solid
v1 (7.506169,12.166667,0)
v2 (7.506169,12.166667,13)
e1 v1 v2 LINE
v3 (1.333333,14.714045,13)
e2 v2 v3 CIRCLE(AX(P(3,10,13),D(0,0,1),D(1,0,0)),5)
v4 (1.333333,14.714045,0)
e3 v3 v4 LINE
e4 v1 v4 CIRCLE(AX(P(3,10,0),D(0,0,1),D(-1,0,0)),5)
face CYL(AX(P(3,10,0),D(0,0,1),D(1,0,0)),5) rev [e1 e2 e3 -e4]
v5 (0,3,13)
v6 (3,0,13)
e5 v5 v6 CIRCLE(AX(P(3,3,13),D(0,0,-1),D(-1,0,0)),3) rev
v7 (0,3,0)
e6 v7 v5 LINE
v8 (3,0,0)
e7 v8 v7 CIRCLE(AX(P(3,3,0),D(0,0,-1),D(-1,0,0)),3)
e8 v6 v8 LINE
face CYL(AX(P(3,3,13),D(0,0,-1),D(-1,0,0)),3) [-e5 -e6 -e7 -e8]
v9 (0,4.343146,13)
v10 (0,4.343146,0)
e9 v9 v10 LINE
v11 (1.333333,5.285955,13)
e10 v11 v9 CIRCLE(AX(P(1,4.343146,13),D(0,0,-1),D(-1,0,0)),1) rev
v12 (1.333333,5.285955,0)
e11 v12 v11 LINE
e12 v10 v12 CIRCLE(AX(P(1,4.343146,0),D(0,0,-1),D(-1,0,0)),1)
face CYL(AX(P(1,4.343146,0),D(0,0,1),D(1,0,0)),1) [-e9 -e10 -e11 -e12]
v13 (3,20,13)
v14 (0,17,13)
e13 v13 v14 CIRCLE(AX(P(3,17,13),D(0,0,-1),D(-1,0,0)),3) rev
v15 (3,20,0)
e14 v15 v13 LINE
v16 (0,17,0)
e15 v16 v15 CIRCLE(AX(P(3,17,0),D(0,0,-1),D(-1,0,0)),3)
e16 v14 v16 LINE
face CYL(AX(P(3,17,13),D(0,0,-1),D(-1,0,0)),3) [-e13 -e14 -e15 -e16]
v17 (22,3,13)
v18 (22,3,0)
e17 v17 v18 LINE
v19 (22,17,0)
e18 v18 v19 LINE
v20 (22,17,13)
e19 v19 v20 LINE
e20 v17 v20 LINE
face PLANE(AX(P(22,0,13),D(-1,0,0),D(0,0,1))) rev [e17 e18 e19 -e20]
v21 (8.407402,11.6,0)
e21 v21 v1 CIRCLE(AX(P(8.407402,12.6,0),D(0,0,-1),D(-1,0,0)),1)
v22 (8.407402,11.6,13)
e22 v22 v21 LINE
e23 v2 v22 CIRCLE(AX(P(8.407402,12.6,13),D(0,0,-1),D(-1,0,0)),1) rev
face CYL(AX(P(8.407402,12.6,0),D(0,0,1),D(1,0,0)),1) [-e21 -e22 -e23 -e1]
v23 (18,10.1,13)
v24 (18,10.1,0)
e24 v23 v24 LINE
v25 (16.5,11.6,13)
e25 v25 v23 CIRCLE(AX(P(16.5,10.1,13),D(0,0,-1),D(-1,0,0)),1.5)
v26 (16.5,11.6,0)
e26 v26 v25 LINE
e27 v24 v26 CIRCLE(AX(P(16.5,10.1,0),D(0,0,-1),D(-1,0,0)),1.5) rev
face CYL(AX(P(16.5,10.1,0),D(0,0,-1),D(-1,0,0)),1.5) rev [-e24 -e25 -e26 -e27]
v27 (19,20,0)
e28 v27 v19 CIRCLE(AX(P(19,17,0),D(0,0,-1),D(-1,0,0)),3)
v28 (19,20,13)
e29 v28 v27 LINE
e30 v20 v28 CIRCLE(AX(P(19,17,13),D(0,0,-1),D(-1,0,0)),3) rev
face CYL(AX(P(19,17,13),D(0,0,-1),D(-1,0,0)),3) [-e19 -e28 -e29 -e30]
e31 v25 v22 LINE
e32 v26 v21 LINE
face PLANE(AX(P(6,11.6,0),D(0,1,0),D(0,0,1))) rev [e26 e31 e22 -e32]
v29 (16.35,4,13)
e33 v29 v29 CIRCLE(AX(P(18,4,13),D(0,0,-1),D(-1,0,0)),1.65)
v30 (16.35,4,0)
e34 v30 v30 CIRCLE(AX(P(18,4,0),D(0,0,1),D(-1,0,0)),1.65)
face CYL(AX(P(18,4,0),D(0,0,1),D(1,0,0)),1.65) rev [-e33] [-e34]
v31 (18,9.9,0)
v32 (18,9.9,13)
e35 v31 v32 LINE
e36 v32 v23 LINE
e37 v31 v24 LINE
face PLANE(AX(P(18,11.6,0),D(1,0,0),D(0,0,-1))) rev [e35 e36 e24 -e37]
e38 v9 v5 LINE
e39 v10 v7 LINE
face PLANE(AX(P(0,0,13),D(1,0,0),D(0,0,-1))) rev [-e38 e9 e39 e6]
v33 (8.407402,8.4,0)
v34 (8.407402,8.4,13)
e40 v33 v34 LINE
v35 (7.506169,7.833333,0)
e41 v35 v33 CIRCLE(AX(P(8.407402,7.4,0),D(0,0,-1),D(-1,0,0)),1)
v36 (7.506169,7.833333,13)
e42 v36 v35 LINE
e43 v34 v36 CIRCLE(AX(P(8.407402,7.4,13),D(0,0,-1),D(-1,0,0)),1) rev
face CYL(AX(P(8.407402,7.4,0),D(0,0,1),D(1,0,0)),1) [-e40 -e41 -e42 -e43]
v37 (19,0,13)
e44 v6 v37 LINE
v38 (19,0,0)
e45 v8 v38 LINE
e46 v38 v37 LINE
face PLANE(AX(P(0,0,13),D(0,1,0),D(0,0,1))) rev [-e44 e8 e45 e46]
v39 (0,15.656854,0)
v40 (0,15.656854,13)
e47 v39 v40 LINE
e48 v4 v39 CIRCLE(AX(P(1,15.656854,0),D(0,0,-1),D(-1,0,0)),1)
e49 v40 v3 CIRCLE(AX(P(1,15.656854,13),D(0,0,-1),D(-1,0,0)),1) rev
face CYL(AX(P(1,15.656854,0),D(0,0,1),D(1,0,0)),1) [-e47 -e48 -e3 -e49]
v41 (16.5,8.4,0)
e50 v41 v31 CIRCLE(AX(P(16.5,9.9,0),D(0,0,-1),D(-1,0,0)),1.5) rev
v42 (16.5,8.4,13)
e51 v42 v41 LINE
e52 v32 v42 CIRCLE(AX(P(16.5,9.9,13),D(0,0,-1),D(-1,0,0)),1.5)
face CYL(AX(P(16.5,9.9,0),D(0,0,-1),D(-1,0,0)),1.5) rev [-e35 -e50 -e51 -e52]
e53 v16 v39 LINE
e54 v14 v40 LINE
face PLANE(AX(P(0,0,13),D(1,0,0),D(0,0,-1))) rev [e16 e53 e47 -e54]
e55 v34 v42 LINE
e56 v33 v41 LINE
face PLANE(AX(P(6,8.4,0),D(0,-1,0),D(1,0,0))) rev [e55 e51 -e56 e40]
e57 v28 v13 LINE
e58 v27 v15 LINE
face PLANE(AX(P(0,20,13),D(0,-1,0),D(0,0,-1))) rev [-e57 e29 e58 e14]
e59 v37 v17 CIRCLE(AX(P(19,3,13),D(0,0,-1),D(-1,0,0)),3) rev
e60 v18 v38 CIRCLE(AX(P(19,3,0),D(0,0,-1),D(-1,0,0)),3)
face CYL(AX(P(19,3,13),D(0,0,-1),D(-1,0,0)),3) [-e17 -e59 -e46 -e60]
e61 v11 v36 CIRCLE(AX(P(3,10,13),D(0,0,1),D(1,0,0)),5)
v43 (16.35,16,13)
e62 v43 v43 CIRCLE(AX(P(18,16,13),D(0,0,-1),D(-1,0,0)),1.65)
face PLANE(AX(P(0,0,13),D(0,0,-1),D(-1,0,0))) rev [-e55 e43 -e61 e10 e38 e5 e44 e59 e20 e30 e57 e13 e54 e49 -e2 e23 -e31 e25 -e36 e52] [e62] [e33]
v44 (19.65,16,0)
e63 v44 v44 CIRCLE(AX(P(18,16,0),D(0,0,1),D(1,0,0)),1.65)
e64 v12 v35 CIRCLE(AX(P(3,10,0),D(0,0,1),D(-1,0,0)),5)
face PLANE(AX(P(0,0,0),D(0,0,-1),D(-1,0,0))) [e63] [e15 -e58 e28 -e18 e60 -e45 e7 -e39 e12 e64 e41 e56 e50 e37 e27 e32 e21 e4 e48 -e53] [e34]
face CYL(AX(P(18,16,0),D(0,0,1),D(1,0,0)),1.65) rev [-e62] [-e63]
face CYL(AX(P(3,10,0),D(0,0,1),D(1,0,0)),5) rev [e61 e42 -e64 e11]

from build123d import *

# Parameters (mm, degrees)
ESQUISSE1_W                  = 22
ESQUISSE1_H                  = 20
BOSS_EXTRU_1_DEPTH           = 13
ESQUISSE2_R                  = 1.65
ENL_V_MAT_EXTRU_1_DEPTH      = 1
ENL_V_MAT_EXTRU_1_DEPTH_BACK = 14
ESQUISSE4_W                  = 12
ESQUISSE4_H                  = 3.2
ENL_V_MAT_EXTRU_2_DEPTH      = 13
CONG_1_R                     = 1
CONG_2_R                     = 3
CONG_3_R                     = 1.5


with BuildPart() as part:
    # Esquisse1 → Boss.-Extru.1 (new body)
    with BuildSketch(Plane.XY):
        with Locations((11, 10)):
            Rectangle(ESQUISSE1_W, ESQUISSE1_H)
    extrude(amount=BOSS_EXTRU_1_DEPTH)

    # Esquisse2 → Enlèv. mat.-Extru.1 (cut, two sides)
    with BuildSketch(Plane.XY.offset(13)) as enl_v_mat_extru_1_sk:
        with Locations((18, 16)):
            Circle(ESQUISSE2_R)
        with Locations((18, 4)):
            Circle(ESQUISSE2_R)
        with BuildLine():
            Line((0, 6), (0, 14))
            ThreePointArc((0, 14), (8, 10), (0, 6))
        make_face()
    extrude(amount=ENL_V_MAT_EXTRU_1_DEPTH, mode=Mode.SUBTRACT)
    extrude(enl_v_mat_extru_1_sk.sketch, amount=-ENL_V_MAT_EXTRU_1_DEPTH_BACK, mode=Mode.SUBTRACT)

    # Esquisse4 → Enlèv. mat.-Extru.2 (cut)
    with BuildSketch(Plane.XY.offset(13)):
        with Locations((12, 10)):
            Rectangle(ESQUISSE4_W, ESQUISSE4_H)
    extrude(amount=-ENL_V_MAT_EXTRU_2_DEPTH, mode=Mode.SUBTRACT)

    # Congé1
    cong_1_edges = [part.edges().sort_by_distance(p)[0] for p in [
        (0, 14, 6.5),
        (0, 6, 6.5),
        (7.737087713, 11.6, 6.5),
        (7.737087713, 8.4, 6.5),
    ]]
    fillet(cong_1_edges, radius=CONG_1_R)

    # Congé2
    cong_2_edges = [part.edges().sort_by_distance(p)[0] for p in [
        (0, 20, 6.5),
        (22, 20, 6.5),
        (22, 0, 6.5),
        (0, 0, 6.5),
    ]]
    fillet(cong_2_edges, radius=CONG_2_R)

    # Congé3
    cong_3_edges = [part.edges().sort_by_distance(p)[0] for p in [
        (18, 8.4, 6.5),
        (18, 11.6, 6.5),
    ]]
    fillet(cong_3_edges, radius=CONG_3_R)


solid = part.part
